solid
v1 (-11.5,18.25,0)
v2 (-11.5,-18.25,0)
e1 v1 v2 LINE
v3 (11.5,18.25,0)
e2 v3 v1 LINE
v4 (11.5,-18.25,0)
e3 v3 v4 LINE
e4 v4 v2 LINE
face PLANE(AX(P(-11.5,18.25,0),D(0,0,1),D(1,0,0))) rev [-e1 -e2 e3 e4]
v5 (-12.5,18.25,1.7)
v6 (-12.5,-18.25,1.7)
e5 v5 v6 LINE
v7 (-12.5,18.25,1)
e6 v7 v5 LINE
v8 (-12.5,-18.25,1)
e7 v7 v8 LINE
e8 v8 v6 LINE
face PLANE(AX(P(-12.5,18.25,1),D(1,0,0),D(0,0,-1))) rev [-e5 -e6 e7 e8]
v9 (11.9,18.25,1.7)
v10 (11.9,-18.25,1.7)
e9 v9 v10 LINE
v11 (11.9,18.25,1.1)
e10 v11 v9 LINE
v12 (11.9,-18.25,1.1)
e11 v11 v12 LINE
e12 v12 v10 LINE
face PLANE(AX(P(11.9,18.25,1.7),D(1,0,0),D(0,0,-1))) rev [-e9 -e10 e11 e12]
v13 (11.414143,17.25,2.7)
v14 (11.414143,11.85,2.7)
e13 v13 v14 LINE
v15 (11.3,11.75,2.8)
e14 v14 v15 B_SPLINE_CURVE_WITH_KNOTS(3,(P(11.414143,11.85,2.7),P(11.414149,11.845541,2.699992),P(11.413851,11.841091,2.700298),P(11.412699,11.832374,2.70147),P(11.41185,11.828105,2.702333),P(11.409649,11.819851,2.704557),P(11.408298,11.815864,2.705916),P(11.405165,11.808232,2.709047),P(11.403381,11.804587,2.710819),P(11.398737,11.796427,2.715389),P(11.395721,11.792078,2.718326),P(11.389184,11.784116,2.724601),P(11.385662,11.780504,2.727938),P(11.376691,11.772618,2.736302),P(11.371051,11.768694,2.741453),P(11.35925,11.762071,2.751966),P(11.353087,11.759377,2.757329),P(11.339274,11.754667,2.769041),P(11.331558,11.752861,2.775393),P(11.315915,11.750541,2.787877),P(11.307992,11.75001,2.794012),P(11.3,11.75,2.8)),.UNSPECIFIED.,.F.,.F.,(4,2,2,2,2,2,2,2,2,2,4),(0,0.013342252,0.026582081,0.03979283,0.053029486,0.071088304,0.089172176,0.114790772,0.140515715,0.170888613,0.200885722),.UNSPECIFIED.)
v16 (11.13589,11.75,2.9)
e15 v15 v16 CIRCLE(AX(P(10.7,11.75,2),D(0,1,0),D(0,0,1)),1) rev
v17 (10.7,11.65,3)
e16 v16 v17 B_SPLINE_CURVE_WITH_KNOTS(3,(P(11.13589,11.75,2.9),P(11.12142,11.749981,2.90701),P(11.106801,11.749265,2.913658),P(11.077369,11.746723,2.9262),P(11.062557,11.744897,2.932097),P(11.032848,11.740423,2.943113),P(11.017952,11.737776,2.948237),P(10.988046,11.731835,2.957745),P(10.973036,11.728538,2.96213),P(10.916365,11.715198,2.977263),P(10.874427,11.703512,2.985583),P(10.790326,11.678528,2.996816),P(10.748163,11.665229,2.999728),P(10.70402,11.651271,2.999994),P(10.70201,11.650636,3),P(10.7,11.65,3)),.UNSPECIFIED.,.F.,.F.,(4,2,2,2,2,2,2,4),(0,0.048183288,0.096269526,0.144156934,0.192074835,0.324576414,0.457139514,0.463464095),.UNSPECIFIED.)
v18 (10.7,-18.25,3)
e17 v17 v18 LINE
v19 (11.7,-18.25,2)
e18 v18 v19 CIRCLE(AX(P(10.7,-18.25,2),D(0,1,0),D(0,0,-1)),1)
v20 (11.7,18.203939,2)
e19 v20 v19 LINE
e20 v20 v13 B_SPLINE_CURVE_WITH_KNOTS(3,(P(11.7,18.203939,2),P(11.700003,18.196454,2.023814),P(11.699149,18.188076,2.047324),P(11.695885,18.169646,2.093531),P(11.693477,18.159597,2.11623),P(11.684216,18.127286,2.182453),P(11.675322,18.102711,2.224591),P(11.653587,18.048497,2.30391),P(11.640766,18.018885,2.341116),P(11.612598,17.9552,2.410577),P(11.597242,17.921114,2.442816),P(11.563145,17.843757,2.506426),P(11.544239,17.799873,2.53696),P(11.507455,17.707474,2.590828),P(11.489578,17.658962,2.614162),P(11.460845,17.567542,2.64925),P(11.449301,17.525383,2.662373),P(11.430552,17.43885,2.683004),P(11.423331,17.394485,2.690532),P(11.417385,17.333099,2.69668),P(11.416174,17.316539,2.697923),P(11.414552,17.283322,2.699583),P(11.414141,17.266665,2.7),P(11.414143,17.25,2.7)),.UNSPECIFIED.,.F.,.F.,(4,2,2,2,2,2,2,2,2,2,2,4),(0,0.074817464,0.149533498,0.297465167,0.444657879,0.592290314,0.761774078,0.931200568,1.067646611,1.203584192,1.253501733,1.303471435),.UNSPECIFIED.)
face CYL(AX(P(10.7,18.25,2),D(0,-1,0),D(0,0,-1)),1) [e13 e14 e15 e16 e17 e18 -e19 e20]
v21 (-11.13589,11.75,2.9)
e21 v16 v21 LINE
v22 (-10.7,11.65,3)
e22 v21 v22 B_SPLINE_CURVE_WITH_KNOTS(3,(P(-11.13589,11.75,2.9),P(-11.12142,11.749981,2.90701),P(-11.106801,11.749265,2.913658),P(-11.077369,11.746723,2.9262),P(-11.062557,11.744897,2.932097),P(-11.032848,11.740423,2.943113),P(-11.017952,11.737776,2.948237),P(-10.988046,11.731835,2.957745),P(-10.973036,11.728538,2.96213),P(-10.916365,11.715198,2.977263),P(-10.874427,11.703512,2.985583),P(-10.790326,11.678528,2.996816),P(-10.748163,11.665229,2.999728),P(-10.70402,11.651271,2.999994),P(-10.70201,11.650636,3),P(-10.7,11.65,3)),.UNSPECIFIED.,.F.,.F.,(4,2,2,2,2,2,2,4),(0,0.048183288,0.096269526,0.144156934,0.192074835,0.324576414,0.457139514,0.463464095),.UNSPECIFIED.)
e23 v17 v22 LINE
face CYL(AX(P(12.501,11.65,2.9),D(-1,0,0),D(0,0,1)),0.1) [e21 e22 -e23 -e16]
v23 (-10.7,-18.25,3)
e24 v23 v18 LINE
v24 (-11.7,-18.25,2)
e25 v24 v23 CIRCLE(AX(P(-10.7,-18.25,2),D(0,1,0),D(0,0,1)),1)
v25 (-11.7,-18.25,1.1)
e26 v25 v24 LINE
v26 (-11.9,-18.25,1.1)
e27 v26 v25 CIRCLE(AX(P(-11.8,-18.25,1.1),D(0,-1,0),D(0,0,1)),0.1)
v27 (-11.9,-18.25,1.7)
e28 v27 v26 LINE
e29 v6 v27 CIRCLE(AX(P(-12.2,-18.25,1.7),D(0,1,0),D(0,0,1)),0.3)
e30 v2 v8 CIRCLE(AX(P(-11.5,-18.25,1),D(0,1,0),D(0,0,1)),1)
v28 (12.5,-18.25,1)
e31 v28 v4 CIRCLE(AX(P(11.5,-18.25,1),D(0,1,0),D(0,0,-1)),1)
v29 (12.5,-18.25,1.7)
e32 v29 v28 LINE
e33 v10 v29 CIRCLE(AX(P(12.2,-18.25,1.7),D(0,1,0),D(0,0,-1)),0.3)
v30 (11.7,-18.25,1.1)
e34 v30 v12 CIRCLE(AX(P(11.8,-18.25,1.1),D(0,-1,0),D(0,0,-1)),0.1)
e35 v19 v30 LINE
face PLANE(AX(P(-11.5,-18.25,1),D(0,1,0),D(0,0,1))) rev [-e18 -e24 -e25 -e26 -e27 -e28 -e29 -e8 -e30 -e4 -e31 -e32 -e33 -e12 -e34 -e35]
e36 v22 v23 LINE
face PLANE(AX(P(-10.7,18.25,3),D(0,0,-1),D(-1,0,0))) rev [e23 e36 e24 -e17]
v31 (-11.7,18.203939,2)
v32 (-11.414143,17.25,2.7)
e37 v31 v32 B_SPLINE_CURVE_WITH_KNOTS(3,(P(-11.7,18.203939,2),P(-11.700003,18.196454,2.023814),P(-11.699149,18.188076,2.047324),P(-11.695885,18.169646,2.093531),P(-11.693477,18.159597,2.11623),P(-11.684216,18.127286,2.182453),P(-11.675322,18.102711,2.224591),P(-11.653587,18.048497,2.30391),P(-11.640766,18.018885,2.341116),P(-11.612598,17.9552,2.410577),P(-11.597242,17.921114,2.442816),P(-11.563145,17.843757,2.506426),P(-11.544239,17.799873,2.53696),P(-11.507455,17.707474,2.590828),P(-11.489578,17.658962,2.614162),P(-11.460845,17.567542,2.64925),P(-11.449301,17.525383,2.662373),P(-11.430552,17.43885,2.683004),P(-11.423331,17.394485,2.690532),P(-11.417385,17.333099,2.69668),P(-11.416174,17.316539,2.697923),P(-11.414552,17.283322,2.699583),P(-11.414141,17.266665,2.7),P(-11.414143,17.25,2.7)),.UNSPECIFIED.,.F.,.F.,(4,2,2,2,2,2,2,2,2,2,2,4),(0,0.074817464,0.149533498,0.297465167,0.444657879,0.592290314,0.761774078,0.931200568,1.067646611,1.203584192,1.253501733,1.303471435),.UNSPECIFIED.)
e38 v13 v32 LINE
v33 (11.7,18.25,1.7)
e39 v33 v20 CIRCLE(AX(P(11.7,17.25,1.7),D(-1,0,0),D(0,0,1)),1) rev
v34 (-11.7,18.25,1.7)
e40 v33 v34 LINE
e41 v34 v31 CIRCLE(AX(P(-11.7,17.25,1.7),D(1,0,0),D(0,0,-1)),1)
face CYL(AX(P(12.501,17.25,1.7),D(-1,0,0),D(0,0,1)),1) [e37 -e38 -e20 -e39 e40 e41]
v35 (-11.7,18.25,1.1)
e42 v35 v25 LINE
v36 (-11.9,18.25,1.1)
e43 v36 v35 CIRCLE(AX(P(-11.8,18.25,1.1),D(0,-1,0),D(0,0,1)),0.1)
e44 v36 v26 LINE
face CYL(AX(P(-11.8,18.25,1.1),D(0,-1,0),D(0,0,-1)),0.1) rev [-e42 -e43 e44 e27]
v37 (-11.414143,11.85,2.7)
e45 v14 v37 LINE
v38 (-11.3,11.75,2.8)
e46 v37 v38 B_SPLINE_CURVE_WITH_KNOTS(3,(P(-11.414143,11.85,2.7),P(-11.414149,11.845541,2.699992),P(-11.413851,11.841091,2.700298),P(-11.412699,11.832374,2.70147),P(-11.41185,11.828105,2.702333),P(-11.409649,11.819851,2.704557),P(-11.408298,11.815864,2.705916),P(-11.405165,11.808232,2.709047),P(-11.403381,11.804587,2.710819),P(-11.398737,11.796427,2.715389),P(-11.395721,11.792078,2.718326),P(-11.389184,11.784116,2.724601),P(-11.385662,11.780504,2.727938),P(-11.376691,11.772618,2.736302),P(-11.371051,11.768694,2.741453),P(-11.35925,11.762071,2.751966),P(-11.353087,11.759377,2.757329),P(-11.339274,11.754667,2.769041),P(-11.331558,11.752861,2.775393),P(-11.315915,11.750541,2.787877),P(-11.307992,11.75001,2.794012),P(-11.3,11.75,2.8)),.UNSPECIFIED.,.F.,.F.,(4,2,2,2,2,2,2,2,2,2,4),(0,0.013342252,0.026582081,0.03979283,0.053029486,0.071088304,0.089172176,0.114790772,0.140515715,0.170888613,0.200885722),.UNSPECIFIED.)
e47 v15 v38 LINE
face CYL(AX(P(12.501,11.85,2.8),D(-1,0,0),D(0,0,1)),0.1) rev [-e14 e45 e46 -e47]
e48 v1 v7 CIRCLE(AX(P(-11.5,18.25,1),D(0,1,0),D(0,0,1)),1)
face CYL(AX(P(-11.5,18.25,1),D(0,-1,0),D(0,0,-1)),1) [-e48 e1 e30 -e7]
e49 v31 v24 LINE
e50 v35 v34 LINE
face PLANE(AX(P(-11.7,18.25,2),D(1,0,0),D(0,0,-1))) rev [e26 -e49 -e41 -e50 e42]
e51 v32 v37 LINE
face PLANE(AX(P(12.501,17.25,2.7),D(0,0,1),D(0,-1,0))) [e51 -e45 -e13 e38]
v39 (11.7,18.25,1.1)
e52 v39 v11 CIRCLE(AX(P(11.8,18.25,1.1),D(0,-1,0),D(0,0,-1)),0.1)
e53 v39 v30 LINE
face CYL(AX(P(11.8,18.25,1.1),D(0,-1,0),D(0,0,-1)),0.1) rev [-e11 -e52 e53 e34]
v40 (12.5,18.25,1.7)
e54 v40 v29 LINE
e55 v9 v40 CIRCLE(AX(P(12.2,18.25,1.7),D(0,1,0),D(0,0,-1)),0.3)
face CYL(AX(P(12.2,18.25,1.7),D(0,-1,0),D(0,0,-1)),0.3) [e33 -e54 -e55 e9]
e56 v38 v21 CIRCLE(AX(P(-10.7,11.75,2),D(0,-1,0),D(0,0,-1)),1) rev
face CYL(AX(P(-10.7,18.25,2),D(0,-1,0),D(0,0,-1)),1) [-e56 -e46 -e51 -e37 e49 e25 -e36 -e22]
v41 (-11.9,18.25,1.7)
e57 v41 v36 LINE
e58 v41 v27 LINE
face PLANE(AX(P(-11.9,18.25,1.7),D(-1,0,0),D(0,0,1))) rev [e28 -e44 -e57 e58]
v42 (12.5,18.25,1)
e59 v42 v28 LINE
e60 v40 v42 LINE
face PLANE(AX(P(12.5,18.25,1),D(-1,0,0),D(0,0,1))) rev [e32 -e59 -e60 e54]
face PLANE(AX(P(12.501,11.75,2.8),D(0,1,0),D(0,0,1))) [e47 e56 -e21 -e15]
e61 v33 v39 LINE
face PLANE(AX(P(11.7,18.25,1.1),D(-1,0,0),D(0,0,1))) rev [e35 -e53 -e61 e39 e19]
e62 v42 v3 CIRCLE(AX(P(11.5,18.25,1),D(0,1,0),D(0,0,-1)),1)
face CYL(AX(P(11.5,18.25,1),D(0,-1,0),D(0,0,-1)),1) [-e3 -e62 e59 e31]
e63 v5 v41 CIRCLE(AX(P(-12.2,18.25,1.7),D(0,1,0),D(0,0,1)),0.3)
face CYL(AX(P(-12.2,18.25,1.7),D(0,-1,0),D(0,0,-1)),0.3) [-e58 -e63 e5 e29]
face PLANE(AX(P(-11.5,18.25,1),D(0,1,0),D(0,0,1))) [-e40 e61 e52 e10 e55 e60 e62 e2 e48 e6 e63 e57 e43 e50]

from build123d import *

# Parameters (mm, degrees)
EXTRUDE_1_DEPTH                 = 18.25
CUT_EXTRUDE_1_REACH             = 24.323
CUT_EXTRUDE_1_DIRECTION_2_REACH = 24.323


with BuildPart() as part:
    # Эскиз1 → Бобышка-Вытянуть1 (new, symmetric)
    with BuildSketch(Plane(origin=(0, 0, 0), x_dir=(1, 0, 0), z_dir=(0, 1, 0))):
        with BuildLine():
            Line((-11.5, 0), (11.5, 0))
            ThreePointArc((11.5, 0), (12.207106781, -0.292893219), (12.5, -1))
            Line((12.5, -1), (12.5, -1.7))
            ThreePointArc((12.5, -1.7), (12.2, -2), (11.9, -1.7))
            Line((11.9, -1.7), (11.9, -1.1))
            ThreePointArc((11.9, -1.1), (11.8, -1), (11.7, -1.1))
            Line((11.7, -1.1), (11.7, -2))
            ThreePointArc((11.7, -2), (11.407106781, -2.707106781), (10.7, -3))
            Line((10.7, -3), (-10.7, -3))
            ThreePointArc((-10.7, -3), (-11.407106781, -2.707106781), (-11.7, -2))
            Line((-11.7, -2), (-11.7, -1.1))
            ThreePointArc((-11.7, -1.1), (-11.8, -1), (-11.9, -1.1))
            Line((-11.9, -1.1), (-11.9, -1.7))
            ThreePointArc((-11.9, -1.7), (-12.2, -2), (-12.5, -1.7))
            Line((-12.5, -1.7), (-12.5, -1))
            ThreePointArc((-12.5, -1), (-12.207106781, -0.292893219), (-11.5, 0))
        make_face()
    extrude(amount=EXTRUDE_1_DEPTH, both=True)

    # Эскиз2 → Вырез-Вытянуть1 (cut, up to next)
    with BuildSketch(Plane(origin=(0, 0, 0), x_dir=(0, 0, -1), z_dir=(1, 0, 0)), mode=Mode.PRIVATE) as cut_extrude_1_sk1:
        with BuildLine():
            Line((-2.7, 17.25), (-2.7, 11.85))
            ThreePointArc((-2.7, 11.85), (-2.729289322, 11.779289322), (-2.8, 11.75))
            Line((-2.8, 11.75), (-2.9, 11.75))
            ThreePointArc((-2.9, 11.75), (-2.970710678, 11.720710678), (-3, 11.65))
            Line((-3, 11.65), (-3, 18.25))
            Line((-3, 18.25), (-1.7, 18.25))
            ThreePointArc((-1.7, 18.25), (-2.407106781, 17.957106781), (-2.7, 17.25))
        make_face()
    cut_extrude_1_tool1 = extrude(cut_extrude_1_sk1.sketch, amount=-CUT_EXTRUDE_1_REACH, mode=Mode.PRIVATE) & part.part
    add(cut_extrude_1_tool1.solids().sort_by_distance((0, 15.300021, 2.813237))[0], mode=Mode.SUBTRACT)

    # Эскиз2 → Вырез-Вытянуть1 direction 2 (cut, up to next)
    with BuildSketch(Plane(origin=(0, 0, 0), x_dir=(0, 0, -1), z_dir=(1, 0, 0)), mode=Mode.PRIVATE) as cut_extrude_1_direction_2_sk1:
        with BuildLine():
            Line((-2.7, 17.25), (-2.7, 11.85))
            ThreePointArc((-2.7, 11.85), (-2.729289322, 11.779289322), (-2.8, 11.75))
            Line((-2.8, 11.75), (-2.9, 11.75))
            ThreePointArc((-2.9, 11.75), (-2.970710678, 11.720710678), (-3, 11.65))
            Line((-3, 11.65), (-3, 18.25))
            Line((-3, 18.25), (-1.7, 18.25))
            ThreePointArc((-1.7, 18.25), (-2.407106781, 17.957106781), (-2.7, 17.25))
        make_face()
    cut_extrude_1_direction_2_tool1 = extrude(cut_extrude_1_direction_2_sk1.sketch, amount=CUT_EXTRUDE_1_DIRECTION_2_REACH, mode=Mode.PRIVATE) & part.part
    add(cut_extrude_1_direction_2_tool1.solids().sort_by_distance((0, 15.300021, 2.813237))[0], mode=Mode.SUBTRACT)


solid = part.part
